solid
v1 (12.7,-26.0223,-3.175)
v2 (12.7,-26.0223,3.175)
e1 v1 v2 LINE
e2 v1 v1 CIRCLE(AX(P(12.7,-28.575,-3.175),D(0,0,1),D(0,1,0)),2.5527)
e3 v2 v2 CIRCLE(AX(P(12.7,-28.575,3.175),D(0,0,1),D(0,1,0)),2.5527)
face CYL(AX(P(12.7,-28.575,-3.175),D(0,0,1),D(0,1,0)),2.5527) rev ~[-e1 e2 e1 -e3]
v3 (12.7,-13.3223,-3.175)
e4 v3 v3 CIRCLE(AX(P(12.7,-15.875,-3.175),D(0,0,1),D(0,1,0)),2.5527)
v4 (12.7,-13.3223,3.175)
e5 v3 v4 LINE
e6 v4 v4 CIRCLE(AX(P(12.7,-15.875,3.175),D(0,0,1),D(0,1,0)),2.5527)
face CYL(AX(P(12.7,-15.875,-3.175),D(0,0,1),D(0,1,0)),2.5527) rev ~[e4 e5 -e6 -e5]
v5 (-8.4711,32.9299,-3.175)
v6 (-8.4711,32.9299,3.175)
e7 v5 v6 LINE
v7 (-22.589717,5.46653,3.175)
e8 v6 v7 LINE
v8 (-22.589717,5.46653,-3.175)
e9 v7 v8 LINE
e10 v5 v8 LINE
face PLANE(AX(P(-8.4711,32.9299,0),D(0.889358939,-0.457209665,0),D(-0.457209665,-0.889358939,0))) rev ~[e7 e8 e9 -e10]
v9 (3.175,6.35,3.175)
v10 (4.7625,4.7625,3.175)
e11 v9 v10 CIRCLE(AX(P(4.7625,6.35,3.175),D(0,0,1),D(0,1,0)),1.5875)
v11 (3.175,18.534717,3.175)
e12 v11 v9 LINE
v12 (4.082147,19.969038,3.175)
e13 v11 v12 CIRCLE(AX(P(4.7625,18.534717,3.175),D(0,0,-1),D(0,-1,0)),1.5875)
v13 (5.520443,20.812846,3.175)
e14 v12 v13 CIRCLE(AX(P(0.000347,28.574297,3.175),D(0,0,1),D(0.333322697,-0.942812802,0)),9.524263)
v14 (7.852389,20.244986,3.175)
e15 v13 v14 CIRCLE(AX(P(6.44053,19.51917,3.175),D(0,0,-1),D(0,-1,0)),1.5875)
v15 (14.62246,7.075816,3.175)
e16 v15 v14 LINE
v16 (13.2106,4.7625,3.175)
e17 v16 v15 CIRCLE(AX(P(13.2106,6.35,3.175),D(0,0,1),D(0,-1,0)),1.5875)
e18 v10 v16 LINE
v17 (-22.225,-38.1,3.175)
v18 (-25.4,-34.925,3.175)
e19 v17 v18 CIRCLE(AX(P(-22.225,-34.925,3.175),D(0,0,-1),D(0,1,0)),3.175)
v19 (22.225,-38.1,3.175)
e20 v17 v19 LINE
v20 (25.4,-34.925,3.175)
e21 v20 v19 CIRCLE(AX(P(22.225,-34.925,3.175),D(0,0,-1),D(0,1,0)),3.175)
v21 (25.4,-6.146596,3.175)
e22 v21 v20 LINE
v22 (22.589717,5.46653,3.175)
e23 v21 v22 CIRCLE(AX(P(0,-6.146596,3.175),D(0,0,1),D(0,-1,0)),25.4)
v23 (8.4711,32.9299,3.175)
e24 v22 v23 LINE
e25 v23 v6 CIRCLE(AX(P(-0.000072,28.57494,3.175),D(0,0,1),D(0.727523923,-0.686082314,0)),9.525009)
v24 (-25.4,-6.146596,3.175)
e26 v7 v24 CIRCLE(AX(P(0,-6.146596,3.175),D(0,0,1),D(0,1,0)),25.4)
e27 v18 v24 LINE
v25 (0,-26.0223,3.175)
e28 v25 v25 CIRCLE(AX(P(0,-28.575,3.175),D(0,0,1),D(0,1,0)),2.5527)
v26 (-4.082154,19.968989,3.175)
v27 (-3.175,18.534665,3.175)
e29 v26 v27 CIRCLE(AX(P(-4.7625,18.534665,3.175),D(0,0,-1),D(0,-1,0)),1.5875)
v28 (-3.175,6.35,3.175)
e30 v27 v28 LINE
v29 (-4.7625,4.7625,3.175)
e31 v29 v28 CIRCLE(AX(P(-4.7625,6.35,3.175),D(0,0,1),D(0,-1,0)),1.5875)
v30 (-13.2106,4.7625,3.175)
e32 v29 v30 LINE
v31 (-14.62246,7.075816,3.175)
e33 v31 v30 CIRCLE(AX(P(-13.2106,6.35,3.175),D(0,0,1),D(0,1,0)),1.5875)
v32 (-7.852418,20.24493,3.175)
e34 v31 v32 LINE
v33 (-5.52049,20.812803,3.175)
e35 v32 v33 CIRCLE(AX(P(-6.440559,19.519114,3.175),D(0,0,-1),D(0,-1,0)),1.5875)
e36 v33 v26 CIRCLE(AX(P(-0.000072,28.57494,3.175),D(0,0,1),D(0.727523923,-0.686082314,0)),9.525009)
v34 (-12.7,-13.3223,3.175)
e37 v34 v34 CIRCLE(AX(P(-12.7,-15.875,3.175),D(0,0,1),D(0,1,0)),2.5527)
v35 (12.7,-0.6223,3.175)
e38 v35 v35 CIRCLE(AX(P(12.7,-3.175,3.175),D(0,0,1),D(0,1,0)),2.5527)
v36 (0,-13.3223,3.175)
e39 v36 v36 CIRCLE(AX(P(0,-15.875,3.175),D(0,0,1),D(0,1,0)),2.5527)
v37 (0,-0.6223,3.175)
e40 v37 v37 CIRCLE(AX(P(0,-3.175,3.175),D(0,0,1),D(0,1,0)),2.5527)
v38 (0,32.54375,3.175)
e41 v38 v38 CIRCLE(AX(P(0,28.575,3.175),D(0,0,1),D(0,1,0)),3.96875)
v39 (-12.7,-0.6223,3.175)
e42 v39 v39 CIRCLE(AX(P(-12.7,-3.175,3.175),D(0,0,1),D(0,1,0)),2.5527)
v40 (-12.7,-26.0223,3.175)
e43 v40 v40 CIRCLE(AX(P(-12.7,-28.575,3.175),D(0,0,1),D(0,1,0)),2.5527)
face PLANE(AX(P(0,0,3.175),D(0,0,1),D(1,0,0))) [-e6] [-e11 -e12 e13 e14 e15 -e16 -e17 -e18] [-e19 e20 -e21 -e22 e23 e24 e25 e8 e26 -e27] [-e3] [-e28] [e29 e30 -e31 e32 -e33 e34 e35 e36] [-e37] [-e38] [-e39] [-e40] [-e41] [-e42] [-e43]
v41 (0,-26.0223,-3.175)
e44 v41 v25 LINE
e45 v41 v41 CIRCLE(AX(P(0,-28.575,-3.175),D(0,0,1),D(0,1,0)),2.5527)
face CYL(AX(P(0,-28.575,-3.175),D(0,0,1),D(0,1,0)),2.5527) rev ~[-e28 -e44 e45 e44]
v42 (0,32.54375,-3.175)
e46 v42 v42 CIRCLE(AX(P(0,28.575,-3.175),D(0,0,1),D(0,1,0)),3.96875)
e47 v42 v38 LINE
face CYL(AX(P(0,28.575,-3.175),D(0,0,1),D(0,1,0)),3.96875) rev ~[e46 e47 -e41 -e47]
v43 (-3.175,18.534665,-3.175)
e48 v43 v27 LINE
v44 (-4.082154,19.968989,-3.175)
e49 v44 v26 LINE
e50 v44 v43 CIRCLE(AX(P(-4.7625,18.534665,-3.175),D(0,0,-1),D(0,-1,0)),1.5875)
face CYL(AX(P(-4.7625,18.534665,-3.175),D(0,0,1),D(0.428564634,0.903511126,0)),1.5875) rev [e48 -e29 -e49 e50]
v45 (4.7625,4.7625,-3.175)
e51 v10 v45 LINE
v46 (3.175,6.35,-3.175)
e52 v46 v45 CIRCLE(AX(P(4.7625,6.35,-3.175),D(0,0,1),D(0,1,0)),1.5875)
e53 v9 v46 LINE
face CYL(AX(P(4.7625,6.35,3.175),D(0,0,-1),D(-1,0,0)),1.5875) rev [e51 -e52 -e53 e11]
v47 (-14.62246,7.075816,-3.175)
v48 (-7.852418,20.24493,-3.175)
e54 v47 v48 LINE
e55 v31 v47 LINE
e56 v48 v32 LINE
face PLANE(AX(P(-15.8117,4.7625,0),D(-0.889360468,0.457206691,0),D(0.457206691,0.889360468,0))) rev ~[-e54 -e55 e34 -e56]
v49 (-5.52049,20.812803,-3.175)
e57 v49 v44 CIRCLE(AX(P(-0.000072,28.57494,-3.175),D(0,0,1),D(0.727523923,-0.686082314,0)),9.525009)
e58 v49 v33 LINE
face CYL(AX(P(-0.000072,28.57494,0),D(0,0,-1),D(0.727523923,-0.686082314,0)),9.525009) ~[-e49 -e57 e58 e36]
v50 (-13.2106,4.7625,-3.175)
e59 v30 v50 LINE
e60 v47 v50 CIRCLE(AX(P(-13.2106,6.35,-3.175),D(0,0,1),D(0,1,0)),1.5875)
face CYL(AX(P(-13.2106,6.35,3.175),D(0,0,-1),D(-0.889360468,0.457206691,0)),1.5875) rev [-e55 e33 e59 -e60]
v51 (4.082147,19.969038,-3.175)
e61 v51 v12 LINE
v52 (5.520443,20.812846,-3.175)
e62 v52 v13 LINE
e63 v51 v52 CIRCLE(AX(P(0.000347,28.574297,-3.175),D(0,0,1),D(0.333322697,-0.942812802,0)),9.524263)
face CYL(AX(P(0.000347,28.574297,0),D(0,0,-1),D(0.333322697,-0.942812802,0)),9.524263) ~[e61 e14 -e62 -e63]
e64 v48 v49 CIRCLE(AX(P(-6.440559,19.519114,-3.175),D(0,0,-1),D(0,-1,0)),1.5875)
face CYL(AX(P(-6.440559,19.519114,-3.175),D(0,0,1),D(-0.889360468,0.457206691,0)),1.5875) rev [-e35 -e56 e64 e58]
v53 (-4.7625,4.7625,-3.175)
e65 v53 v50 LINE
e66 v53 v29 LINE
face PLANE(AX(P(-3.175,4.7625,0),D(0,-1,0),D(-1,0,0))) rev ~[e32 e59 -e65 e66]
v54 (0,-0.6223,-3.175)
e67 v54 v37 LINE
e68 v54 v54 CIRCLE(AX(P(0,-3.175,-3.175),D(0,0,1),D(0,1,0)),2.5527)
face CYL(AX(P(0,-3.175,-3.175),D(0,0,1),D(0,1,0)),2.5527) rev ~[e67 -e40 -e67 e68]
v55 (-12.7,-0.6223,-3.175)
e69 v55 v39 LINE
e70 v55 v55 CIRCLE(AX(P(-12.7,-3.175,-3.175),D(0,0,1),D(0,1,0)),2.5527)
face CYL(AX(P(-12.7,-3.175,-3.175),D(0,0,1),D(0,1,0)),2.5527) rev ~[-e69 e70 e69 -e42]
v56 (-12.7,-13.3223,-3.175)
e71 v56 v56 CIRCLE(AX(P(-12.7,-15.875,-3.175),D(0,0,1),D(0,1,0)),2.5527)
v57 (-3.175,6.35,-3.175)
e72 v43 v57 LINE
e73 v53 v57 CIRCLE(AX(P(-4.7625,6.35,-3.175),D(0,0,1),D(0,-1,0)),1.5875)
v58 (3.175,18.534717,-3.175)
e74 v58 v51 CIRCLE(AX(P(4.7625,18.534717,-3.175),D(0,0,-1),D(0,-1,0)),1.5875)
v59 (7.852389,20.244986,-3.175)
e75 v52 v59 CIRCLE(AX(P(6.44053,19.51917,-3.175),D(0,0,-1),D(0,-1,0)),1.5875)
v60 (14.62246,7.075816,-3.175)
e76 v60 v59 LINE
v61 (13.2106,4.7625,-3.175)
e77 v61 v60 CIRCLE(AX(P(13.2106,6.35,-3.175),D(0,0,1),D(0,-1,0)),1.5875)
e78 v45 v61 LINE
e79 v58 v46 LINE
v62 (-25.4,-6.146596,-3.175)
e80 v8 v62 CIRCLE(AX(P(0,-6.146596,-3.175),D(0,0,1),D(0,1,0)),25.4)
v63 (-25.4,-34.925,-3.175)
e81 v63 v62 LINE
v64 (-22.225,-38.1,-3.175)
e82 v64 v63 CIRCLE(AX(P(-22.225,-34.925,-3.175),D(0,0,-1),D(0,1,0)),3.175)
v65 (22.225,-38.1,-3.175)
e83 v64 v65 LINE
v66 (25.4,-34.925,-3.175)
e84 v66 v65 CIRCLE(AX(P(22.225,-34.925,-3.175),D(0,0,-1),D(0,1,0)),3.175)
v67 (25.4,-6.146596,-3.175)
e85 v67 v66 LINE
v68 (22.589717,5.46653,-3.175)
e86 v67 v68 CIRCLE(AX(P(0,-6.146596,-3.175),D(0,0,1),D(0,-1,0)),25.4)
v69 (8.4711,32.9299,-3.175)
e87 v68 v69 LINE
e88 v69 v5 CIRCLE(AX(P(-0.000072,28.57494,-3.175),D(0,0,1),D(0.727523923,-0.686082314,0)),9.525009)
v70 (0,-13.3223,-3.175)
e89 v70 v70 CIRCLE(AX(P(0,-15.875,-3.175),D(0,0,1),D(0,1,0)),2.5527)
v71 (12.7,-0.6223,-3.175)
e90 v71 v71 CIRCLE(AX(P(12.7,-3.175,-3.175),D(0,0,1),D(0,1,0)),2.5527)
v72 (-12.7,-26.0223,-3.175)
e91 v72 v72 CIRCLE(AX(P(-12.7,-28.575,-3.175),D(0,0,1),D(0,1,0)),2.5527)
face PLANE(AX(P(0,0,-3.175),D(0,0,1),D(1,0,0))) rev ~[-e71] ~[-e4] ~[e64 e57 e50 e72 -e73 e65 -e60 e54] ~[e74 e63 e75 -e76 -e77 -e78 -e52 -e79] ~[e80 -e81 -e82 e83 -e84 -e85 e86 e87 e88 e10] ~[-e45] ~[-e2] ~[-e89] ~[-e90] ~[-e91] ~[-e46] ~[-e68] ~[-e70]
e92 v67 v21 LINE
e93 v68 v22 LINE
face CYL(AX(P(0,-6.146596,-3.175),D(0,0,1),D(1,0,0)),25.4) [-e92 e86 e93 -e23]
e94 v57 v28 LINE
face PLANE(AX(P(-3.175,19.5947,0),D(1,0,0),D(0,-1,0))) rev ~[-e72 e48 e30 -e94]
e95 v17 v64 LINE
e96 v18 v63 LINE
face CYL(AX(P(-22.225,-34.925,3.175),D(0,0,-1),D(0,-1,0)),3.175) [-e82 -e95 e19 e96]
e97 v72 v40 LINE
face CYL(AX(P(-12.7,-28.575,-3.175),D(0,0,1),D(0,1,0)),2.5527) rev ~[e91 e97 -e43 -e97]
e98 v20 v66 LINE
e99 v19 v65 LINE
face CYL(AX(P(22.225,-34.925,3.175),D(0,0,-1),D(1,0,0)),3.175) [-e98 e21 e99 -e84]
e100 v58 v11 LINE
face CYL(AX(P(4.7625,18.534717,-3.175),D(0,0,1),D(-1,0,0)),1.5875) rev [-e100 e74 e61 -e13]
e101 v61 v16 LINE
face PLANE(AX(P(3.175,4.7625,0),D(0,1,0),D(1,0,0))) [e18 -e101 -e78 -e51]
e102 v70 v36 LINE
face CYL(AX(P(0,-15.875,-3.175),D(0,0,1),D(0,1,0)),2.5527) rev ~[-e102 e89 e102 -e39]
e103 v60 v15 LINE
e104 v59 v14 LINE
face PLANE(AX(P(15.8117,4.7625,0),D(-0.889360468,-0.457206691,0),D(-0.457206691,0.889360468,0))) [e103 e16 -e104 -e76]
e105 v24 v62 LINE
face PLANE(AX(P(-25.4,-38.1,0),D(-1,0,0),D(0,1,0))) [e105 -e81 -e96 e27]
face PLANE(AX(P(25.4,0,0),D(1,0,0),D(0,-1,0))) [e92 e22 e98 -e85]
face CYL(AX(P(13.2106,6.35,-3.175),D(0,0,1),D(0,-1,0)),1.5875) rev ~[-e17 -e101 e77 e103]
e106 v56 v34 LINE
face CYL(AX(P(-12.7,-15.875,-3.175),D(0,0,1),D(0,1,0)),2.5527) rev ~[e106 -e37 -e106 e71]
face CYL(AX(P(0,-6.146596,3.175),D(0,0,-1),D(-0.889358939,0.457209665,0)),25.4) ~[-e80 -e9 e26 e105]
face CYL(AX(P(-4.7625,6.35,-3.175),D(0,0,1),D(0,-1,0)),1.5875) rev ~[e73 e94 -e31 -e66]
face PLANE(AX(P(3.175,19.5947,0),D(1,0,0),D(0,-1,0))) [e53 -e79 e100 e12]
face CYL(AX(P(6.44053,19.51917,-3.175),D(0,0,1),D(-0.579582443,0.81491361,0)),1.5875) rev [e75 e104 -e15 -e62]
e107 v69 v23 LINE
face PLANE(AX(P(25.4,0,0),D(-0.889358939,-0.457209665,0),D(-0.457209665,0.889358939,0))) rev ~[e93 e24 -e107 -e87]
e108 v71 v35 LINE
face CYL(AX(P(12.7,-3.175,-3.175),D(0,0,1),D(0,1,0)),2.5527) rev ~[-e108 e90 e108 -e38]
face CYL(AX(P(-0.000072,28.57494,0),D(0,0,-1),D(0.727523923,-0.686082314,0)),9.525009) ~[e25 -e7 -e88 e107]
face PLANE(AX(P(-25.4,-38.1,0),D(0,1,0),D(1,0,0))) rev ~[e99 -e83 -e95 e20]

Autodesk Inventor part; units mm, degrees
ref_plane "YZ Plane" through (0, 0, 0) normal (1, 0, 0) x (0, 1, 0)
ref_plane "XZ Plane" through (0, 0, 0) normal (0, 1, 0) x (-1, 0, 0)
ref_plane "XY Plane" through (0, 0, 0) normal (0, 0, 1) x (1, 0, 0)
sketch "Sketch1" plane through (0, 0, 0) normal (0, 0, 1) x (1, 0, 0)
  line L0 (25.4, 0) -> (-25.4, 0) construction
  line L1 (25.4, 0) -> (25.4, -38.1)
  line L2 (-25.4, -38.1) -> (-25.4, 0)
  line L3 (0, 57.7256) -> (0, -54.0709) construction
  line L4 (-25.4, -38.1) -> (25.4, -38.1)
  line L5 (25.4, 0) -> (8.4711, 32.9299)
  arc A0 (6.9296, 22.04) -> (3.175, 19.5947) centre (0, 28.575) ccw
  line L6 (-8.4711, 32.9299) -> (-25.4, 0)
  line L7 (15.8117, 4.7625) -> (6.9296, 22.04)
  line L8 (3.175, 19.5947) -> (3.175, 4.7625)
  line L9 (3.175, 4.7625) -> (15.8117, 4.7625)
  arc A1 (3.175, 19.5947) -> (6.9296, 22.04) centre (0, 28.575) ccw
  line L10 (-15.8117, 4.7625) -> (-6.9296, 22.04)
  line L11 (-3.175, 19.5947) -> (-3.175, 4.7625)
  line L12 (-3.175, 4.7625) -> (-15.8117, 4.7625)
  arc A2 (-6.9296, 22.04) -> (-3.175, 19.5947) centre (0, 28.575) ccw
  point P0 (0, 0)
  point P1 (0, 0)
  point P2 (-3.175, 19.5947)
  point P3 (-6.9296, 22.04)
  dimension "d112" = 28.575
  dimension "d113" = 9.525
  dimension "d114" = 50.8
  dimension "d115" = 38.1
  dimension "d117" = 6.35
  dimension "d118" = 4.7625
  dimension "d119" = 6.35
extrude "Extrusion2" add sketch "Sketch1" along normal mid plane 6.35 contours L1 L4 L2 L6 A0 L10 L12 L11 L8 L9 L7 L5 | A0 A1
sketch "Sketch3" plane through (0, 0, -3.175) normal (0, 0, -1) x (-1, 0, 0)
  line L0 (-35.56, 0) -> (35.56, 0) construction
  line L1 (0, -53.34) -> (0, 53.34) construction
  line L2 (12.7, -3.175) -> (-12.7, -3.175) construction
  line L3 (12.7, -15.875) -> (-12.7, -15.875) construction
  line L4 (12.7, -28.575) -> (-12.7, -28.575) construction
  point P0 (0, 0)
  point P1 (0, -3.175)
  point P2 (0, -15.875)
  point P3 (0, -28.575)
  dimension "d43" = 25.4
  dimension "d45" = 3.175
  dimension "d107" = 12.7
hole "Hole2" at (12.7, -3.175, -3.175) at (-12.7, -3.175, -3.175) at (0, -3.175, -3.175) at (12.7, -15.875, -3.175) at (0, -15.875, -3.175) at (-12.7, -15.875, -3.175) at (12.7, -28.575, -3.175) at (0, -28.575, -3.175) at (-12.7, -28.575, -3.175) direction (0, 0, 1) diameter 5.1054 end through all clearance for "Flat Head Machine Screw (82)" size "#10" standard "Ansi Unified Screw Threads"
sketch "Sketch7" plane through (0, 0, -3.175) normal (0, 0, 1) x (1, 0, 0)
  arc A0 (8.4711, 32.9299) -> (-8.4711, 32.9299) centre (0, 28.575) ccw construction
  point P0 (0, 0)
hole "Hole4" at (0, 28.575, -3.175) direction (0, 0, 1) diameter 7.9375 end through all
fillet "Fillet5" radius 3.175 2 edges at (-25.4, -38.1, 0) (25.4, -38.1, 0)
fillet "Fillet7" radius 1.5875 8 edges at (-15.8117, 4.7625, 0) (-6.9296, 22.04, 0) (-3.175, 19.5947, 0) (-3.175, 4.7625, 0) (3.175, 4.7625, 0) (3.175, 19.5947, 0) (6.9296, 22.04, 0) (15.8117, 4.7625, 0)
fillet "Fillet9" radius 25.4 2 edges at (25.4, 0, 0) (-25.4, 0, 0)
equation "\"BendRadius\" = Thickness"
equation "\"BendReliefWidth\" = Thickness"
equation "\"BendReliefDepth\" = 0.5 * Thickness"
equation "\"CornerReliefSize\" = 4 * Thickness"
equation "\"MinimumRemnant\" = 2 * Thickness"
equation "\"TransitionRadius\" = BendRadius"
equation "\"JacobiRadiusSize\" = BendRadius"
equation "\"GapSize\" = Thickness"
equation "\"Thickness\" = 6.35"
properties part number "PLATE,SIDE,PULLEY,MOUNT,TOP,ELEVATORR" material "Aluminum 7075"
